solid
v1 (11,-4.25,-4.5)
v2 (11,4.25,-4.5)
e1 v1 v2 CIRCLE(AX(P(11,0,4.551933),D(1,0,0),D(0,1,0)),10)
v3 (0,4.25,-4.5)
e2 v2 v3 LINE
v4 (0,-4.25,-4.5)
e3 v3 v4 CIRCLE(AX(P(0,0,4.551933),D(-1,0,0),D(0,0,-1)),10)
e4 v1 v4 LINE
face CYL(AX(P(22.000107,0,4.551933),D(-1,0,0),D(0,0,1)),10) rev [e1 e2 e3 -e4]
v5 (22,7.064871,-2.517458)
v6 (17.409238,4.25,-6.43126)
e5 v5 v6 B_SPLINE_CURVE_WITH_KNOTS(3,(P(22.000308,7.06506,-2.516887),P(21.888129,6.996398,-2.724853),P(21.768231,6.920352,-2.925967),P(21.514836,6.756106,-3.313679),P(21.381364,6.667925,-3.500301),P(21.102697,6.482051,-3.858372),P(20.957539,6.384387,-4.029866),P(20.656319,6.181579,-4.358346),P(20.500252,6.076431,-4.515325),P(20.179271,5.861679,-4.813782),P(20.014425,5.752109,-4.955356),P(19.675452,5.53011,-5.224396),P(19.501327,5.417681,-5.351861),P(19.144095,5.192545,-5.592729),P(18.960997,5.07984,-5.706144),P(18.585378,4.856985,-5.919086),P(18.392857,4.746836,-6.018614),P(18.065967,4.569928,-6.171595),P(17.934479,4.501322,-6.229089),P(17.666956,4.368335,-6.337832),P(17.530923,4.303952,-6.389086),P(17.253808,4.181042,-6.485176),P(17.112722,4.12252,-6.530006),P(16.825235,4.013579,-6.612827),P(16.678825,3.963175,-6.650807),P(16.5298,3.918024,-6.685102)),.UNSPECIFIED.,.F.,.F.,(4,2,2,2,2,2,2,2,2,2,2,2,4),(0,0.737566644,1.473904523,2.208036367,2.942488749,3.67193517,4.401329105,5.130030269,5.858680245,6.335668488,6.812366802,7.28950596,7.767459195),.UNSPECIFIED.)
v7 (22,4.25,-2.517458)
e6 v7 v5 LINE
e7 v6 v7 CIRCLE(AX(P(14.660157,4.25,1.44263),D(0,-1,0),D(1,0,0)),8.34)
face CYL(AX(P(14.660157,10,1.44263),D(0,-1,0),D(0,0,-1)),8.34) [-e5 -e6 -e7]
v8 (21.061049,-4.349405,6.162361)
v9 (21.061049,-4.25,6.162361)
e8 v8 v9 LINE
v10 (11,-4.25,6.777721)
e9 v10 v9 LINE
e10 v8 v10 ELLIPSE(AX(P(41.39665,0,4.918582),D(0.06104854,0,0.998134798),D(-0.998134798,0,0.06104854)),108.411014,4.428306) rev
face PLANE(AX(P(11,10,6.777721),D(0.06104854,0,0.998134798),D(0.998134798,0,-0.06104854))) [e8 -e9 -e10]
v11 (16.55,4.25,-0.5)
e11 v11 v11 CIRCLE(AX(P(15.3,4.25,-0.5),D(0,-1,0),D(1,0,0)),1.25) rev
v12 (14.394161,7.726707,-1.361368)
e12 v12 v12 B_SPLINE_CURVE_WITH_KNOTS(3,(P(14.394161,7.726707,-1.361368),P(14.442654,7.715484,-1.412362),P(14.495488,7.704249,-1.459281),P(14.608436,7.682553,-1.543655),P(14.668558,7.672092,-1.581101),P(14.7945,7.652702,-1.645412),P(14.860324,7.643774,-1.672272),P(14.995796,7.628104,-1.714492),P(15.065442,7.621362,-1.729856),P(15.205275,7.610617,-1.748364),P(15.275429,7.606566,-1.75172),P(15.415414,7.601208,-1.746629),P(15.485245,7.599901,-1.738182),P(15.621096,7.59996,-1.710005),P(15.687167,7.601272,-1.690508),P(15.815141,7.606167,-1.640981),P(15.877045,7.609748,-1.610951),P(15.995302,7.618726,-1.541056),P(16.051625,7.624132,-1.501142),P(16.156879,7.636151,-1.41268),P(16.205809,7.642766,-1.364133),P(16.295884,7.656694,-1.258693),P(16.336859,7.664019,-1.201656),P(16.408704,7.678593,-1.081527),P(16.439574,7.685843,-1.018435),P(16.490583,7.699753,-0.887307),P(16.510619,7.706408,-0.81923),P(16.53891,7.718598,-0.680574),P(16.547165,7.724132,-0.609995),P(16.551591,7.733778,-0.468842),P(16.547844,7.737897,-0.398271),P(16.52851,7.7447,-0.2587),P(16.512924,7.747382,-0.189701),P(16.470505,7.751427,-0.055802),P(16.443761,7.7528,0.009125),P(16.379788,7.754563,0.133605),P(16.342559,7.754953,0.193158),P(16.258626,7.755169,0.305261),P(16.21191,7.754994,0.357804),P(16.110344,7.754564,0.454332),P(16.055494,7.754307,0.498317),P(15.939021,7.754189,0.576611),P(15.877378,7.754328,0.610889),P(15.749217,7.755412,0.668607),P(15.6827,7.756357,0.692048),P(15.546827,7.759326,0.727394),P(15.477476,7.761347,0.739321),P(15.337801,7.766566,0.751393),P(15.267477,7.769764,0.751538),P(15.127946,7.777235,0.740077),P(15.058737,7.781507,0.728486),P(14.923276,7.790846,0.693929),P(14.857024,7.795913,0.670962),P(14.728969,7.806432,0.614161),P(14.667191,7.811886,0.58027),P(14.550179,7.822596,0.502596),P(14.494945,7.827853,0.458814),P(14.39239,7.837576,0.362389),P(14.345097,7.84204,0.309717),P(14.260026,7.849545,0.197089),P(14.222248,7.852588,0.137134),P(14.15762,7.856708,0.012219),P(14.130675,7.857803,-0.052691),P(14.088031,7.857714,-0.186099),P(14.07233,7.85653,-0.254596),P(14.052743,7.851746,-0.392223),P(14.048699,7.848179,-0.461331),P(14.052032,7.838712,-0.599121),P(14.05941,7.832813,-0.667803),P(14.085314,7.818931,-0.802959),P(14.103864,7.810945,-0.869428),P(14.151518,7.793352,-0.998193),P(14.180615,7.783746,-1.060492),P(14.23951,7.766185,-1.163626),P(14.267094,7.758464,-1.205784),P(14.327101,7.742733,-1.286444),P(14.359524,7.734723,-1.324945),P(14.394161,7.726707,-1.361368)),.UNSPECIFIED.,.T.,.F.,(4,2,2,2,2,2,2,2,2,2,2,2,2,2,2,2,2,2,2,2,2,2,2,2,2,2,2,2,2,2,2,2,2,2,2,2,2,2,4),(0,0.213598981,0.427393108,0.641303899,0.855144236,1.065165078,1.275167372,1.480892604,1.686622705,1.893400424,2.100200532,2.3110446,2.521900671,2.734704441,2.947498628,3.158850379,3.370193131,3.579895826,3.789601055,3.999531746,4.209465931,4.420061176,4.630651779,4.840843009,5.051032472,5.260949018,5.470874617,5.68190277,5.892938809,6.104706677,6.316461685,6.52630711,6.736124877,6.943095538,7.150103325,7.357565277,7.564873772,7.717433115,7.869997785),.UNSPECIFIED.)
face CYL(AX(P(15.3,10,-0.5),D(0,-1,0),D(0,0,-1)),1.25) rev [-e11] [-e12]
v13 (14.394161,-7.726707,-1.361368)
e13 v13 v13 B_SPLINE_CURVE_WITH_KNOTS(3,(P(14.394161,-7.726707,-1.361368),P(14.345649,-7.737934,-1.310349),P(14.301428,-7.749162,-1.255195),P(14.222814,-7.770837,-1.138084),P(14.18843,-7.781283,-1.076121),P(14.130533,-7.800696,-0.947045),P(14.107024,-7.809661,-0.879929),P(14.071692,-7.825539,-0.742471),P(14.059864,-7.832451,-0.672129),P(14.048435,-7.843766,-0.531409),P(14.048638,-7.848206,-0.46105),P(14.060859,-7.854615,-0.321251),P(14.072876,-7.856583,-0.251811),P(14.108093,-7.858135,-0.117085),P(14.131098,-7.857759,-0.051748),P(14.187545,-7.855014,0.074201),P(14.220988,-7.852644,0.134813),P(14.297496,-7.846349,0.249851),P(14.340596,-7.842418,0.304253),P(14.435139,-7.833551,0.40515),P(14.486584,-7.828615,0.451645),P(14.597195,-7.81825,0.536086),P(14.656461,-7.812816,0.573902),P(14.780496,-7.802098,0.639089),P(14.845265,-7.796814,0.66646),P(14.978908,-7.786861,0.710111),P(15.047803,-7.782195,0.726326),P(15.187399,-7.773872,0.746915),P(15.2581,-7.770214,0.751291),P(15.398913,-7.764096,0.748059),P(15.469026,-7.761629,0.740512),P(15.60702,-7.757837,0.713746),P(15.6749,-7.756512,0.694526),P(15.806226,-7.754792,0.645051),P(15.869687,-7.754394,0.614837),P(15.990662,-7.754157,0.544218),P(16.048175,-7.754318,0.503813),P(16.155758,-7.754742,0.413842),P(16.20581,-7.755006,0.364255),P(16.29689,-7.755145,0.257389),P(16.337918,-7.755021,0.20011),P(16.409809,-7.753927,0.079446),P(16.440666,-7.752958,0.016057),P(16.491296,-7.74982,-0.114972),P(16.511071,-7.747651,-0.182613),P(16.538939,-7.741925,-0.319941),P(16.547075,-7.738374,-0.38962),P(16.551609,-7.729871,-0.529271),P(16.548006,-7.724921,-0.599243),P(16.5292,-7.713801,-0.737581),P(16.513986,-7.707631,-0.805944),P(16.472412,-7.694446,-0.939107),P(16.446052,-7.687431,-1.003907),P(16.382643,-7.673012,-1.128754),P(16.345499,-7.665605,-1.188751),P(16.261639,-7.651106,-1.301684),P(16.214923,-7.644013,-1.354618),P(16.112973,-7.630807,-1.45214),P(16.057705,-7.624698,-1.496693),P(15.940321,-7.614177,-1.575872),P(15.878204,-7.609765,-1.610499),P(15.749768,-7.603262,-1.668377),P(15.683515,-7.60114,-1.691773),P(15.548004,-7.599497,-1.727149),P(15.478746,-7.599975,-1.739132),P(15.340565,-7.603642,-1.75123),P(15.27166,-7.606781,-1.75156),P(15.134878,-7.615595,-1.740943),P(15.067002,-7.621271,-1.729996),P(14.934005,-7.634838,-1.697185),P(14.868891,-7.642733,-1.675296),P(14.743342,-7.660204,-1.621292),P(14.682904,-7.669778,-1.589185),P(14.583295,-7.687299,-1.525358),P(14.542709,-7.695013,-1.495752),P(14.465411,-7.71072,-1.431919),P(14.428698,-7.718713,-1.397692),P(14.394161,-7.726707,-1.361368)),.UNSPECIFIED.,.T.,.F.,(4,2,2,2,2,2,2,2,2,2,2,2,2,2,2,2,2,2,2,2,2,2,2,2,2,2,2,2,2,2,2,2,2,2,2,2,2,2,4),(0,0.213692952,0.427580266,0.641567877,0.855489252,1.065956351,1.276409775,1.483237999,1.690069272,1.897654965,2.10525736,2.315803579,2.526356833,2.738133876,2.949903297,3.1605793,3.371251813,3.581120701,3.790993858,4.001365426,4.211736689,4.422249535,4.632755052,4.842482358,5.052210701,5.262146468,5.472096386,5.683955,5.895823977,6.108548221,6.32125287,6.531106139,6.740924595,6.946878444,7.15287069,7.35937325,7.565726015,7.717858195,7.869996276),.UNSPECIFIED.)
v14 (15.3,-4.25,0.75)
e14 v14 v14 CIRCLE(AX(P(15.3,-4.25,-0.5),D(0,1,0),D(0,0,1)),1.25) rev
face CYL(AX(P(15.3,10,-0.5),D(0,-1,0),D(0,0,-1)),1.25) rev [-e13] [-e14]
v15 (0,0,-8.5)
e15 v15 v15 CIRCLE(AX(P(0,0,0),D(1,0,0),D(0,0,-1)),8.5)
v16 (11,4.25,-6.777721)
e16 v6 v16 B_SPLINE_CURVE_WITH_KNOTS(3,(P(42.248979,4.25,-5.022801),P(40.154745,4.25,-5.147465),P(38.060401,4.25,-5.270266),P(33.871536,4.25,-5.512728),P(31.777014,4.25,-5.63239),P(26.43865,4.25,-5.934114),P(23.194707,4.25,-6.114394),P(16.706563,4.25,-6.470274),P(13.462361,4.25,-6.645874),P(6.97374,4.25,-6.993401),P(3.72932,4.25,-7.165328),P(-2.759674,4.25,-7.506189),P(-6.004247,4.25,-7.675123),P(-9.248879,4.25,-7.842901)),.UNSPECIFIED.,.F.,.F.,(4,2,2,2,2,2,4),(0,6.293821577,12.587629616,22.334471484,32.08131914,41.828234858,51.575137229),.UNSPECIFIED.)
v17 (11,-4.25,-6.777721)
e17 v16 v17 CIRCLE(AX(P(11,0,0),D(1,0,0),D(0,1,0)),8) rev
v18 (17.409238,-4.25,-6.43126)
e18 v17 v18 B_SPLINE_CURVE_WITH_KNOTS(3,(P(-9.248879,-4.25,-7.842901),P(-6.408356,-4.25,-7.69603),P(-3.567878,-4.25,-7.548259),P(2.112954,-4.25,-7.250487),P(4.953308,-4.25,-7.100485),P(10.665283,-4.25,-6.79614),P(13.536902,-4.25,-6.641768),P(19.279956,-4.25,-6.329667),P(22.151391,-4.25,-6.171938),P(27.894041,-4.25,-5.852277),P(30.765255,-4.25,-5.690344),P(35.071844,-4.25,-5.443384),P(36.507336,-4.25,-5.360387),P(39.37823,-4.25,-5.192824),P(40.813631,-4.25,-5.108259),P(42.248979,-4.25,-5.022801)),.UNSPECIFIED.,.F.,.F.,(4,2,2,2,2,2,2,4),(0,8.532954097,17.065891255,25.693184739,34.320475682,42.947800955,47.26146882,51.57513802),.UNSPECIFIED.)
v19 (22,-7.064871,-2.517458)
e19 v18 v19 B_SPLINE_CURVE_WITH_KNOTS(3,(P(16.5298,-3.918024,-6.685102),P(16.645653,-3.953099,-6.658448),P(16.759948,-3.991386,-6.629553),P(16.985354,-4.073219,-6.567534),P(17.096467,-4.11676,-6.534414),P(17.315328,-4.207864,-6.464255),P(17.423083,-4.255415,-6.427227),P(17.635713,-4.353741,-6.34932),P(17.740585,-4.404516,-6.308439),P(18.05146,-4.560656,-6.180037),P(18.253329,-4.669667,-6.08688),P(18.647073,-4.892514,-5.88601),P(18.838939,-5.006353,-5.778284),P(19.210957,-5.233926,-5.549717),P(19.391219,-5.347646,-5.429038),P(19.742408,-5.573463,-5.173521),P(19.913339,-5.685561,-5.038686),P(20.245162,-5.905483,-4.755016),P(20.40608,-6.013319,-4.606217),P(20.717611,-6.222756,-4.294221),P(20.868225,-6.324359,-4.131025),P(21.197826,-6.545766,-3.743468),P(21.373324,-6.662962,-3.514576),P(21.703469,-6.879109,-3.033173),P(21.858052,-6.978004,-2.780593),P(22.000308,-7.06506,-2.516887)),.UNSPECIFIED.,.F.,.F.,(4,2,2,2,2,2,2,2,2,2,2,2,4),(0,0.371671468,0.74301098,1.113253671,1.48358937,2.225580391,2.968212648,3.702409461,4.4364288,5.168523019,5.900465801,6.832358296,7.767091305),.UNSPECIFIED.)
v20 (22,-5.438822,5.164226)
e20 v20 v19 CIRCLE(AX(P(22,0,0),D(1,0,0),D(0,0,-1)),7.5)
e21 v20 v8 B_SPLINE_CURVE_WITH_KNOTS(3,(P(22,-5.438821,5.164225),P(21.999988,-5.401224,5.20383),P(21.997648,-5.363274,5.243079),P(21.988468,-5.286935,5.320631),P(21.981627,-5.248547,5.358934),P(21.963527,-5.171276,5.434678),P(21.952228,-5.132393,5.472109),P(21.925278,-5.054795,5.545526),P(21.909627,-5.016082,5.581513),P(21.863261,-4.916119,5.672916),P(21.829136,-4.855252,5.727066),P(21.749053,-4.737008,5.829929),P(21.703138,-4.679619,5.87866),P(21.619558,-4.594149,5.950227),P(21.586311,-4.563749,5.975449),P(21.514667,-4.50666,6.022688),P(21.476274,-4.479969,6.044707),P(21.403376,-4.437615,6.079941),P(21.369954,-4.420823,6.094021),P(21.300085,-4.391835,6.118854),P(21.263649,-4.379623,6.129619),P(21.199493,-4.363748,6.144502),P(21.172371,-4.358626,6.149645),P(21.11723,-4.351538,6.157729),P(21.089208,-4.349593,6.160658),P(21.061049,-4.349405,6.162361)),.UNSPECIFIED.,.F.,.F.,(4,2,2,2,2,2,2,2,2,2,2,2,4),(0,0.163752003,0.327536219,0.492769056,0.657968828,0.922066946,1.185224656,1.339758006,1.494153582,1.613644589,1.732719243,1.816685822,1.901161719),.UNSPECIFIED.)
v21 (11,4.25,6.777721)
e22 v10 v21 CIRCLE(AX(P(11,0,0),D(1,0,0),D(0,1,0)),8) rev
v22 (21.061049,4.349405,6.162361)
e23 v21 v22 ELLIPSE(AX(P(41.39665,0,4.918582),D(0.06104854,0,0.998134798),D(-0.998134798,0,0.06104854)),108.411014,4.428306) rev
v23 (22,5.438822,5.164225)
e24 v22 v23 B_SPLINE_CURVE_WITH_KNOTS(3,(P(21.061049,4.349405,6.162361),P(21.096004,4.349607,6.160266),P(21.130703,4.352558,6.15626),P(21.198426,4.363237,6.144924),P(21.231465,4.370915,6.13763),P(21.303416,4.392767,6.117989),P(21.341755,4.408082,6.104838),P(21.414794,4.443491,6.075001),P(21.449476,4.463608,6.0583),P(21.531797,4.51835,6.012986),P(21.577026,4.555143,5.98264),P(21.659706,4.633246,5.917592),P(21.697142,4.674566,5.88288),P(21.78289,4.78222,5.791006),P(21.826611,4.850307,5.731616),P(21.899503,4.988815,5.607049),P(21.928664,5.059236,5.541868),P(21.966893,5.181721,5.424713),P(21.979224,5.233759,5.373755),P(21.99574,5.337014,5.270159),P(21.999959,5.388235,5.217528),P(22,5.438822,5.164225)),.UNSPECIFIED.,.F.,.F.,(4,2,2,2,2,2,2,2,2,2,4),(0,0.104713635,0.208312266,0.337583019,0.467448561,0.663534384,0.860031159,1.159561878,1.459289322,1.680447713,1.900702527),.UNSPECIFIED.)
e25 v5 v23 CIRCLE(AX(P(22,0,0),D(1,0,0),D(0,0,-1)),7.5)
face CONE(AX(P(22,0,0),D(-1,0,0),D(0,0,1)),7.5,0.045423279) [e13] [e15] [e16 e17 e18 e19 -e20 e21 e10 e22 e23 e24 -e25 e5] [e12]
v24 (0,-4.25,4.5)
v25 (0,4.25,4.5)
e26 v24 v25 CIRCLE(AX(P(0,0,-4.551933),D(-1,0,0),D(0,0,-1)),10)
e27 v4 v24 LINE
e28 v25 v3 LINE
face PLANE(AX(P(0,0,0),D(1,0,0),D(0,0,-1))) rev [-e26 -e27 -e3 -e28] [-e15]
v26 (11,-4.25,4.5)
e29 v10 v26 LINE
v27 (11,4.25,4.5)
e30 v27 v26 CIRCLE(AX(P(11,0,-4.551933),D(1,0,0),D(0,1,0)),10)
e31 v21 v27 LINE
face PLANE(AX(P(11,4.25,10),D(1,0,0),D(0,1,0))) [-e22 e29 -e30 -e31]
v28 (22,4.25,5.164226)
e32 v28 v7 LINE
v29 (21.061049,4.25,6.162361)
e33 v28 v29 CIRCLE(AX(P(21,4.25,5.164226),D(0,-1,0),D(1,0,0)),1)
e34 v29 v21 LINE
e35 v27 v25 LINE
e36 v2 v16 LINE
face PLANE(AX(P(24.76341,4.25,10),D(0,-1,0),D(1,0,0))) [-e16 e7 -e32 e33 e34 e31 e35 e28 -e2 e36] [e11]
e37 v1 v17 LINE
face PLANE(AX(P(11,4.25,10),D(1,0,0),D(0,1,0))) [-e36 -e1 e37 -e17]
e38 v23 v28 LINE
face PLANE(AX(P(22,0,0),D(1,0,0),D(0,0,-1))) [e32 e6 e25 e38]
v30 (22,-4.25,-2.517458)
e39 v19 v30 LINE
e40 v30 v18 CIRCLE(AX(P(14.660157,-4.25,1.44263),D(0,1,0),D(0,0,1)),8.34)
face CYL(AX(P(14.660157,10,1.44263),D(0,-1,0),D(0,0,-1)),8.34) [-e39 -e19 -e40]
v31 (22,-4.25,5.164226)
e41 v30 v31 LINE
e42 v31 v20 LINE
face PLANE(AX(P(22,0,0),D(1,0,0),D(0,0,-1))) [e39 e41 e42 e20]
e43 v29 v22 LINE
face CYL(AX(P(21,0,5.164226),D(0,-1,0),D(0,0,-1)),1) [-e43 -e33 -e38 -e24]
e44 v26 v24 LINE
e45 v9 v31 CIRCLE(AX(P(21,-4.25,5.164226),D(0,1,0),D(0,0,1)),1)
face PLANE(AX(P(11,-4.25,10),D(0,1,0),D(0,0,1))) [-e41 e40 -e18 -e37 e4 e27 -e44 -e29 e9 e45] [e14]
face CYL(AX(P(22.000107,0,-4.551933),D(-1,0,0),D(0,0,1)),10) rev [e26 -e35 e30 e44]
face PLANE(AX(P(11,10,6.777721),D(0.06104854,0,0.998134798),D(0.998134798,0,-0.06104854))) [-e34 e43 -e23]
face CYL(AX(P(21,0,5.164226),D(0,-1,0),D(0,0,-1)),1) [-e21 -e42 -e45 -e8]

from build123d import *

# Parameters (mm, degrees)
SKETCH4_R               = 8.5
SKETCH5_R               = 7.5
CUT_EXTRUDE1_DEPTH      = 10
CUT_EXTRUDE1_DEPTH_BACK = 10
SKETCH7_W               = 13.763410073
SKETCH7_H               = 8.5
CUT_EXTRUDE4_DEPTH      = 10
CUT_EXTRUDE4_DEPTH_BACK = 10
CUT_EXTRUDE5_DEPTH      = 10
CUT_EXTRUDE5_DEPTH_BACK = 10
SKETCH11_R              = 1.25
CUT_EXTRUDE6_DEPTH      = 26.069902429
FILLET1_R               = 1


with BuildPart() as part:
    # Sketch4 → Loft1 section 0
    with BuildSketch(Plane(origin=(0, 0, 0), x_dir=(0, 0, -1), z_dir=(1, 0, 0))):
        Circle(SKETCH4_R)
    # Sketch5 → Loft1 section 1
    with BuildSketch(Plane(origin=(22, 0, 0), x_dir=(0, 0, -1), z_dir=(1, 0, 0))):
        Circle(SKETCH5_R)
    loft()

    # Sketch7 → Cut-Extrude1 (cut, two sides: drawn at the far end of the back side and taken through both)
    with BuildSketch(Plane.XY.offset(-CUT_EXTRUDE1_DEPTH_BACK)):
        with Locations((17.881705037, 0)):
            Rectangle(SKETCH7_W, SKETCH7_H)
    extrude(amount=CUT_EXTRUDE1_DEPTH + CUT_EXTRUDE1_DEPTH_BACK, mode=Mode.SUBTRACT)

    # Sketch8 → Cut-Extrude4 (cut, two sides: drawn at the far end of the back side and taken through both)
    with BuildSketch(Plane(origin=(0, 0, 0), x_dir=(1, 0, 0), z_dir=(0, 1, 0)).offset(-CUT_EXTRUDE4_DEPTH_BACK)):
        with BuildLine():
            Line((11, 6.777720856), (16.53, 6.685056145))
            ThreePointArc((16.53, 6.685056145), (21.20100697, 3.731621267), (23, -1.493769414))
            Line((23, -1.493769414), (23, -6.043769414))
            Line((23, -6.043769414), (11, -6.777720856))
            Line((11, -6.777720856), (11, -9.08468988))
            Line((11, -9.08468988), (27.197187836, -9.08468988))
            Line((27.197187836, -9.08468988), (27.197187836, 11.602386845))
            Line((27.197187836, 11.602386845), (11, 11.602386845))
            Line((11, 11.602386845), (11, 6.777720856))
        make_face()
    extrude(amount=CUT_EXTRUDE4_DEPTH + CUT_EXTRUDE4_DEPTH_BACK, mode=Mode.SUBTRACT)

    # Sketch11 → Cut-Extrude5 (cut, two sides: drawn at the far end of the back side and taken through both)
    with BuildSketch(Plane(origin=(0, 0, 0), x_dir=(1, 0, 0), z_dir=(0, 1, 0)).offset(-CUT_EXTRUDE5_DEPTH_BACK)):
        with Locations(Location((15.3, 0.5, 0), (0, 0, 136.441515333))):
            Circle(SKETCH11_R)
    extrude(amount=CUT_EXTRUDE5_DEPTH + CUT_EXTRUDE5_DEPTH_BACK, mode=Mode.SUBTRACT)

    # Sketch12 → Cut-Extrude6 (cut, through all)
    with BuildSketch(Plane.ZY):
        with BuildLine():
            Line((-4.5, 4.25), (4.5, 4.25))
            ThreePointArc((4.5, 4.25), (5.448066505, 0), (4.5, -4.25))
            Line((4.5, -4.25), (-4.5, -4.25))
            ThreePointArc((-4.5, -4.25), (-5.448066505, 0), (-4.5, 4.25))
        make_face()
    extrude(amount=-CUT_EXTRUDE6_DEPTH, mode=Mode.SUBTRACT)

    # Fillet1
    fillet1_edges = [part.edges().sort_by_distance(p)[0] for p in [
        (22, -4.303290893, 6.104932034),
        (22, 4.303290893, 6.104932034),
    ]]
    fillet(fillet1_edges, radius=FILLET1_R)


solid = part.part
